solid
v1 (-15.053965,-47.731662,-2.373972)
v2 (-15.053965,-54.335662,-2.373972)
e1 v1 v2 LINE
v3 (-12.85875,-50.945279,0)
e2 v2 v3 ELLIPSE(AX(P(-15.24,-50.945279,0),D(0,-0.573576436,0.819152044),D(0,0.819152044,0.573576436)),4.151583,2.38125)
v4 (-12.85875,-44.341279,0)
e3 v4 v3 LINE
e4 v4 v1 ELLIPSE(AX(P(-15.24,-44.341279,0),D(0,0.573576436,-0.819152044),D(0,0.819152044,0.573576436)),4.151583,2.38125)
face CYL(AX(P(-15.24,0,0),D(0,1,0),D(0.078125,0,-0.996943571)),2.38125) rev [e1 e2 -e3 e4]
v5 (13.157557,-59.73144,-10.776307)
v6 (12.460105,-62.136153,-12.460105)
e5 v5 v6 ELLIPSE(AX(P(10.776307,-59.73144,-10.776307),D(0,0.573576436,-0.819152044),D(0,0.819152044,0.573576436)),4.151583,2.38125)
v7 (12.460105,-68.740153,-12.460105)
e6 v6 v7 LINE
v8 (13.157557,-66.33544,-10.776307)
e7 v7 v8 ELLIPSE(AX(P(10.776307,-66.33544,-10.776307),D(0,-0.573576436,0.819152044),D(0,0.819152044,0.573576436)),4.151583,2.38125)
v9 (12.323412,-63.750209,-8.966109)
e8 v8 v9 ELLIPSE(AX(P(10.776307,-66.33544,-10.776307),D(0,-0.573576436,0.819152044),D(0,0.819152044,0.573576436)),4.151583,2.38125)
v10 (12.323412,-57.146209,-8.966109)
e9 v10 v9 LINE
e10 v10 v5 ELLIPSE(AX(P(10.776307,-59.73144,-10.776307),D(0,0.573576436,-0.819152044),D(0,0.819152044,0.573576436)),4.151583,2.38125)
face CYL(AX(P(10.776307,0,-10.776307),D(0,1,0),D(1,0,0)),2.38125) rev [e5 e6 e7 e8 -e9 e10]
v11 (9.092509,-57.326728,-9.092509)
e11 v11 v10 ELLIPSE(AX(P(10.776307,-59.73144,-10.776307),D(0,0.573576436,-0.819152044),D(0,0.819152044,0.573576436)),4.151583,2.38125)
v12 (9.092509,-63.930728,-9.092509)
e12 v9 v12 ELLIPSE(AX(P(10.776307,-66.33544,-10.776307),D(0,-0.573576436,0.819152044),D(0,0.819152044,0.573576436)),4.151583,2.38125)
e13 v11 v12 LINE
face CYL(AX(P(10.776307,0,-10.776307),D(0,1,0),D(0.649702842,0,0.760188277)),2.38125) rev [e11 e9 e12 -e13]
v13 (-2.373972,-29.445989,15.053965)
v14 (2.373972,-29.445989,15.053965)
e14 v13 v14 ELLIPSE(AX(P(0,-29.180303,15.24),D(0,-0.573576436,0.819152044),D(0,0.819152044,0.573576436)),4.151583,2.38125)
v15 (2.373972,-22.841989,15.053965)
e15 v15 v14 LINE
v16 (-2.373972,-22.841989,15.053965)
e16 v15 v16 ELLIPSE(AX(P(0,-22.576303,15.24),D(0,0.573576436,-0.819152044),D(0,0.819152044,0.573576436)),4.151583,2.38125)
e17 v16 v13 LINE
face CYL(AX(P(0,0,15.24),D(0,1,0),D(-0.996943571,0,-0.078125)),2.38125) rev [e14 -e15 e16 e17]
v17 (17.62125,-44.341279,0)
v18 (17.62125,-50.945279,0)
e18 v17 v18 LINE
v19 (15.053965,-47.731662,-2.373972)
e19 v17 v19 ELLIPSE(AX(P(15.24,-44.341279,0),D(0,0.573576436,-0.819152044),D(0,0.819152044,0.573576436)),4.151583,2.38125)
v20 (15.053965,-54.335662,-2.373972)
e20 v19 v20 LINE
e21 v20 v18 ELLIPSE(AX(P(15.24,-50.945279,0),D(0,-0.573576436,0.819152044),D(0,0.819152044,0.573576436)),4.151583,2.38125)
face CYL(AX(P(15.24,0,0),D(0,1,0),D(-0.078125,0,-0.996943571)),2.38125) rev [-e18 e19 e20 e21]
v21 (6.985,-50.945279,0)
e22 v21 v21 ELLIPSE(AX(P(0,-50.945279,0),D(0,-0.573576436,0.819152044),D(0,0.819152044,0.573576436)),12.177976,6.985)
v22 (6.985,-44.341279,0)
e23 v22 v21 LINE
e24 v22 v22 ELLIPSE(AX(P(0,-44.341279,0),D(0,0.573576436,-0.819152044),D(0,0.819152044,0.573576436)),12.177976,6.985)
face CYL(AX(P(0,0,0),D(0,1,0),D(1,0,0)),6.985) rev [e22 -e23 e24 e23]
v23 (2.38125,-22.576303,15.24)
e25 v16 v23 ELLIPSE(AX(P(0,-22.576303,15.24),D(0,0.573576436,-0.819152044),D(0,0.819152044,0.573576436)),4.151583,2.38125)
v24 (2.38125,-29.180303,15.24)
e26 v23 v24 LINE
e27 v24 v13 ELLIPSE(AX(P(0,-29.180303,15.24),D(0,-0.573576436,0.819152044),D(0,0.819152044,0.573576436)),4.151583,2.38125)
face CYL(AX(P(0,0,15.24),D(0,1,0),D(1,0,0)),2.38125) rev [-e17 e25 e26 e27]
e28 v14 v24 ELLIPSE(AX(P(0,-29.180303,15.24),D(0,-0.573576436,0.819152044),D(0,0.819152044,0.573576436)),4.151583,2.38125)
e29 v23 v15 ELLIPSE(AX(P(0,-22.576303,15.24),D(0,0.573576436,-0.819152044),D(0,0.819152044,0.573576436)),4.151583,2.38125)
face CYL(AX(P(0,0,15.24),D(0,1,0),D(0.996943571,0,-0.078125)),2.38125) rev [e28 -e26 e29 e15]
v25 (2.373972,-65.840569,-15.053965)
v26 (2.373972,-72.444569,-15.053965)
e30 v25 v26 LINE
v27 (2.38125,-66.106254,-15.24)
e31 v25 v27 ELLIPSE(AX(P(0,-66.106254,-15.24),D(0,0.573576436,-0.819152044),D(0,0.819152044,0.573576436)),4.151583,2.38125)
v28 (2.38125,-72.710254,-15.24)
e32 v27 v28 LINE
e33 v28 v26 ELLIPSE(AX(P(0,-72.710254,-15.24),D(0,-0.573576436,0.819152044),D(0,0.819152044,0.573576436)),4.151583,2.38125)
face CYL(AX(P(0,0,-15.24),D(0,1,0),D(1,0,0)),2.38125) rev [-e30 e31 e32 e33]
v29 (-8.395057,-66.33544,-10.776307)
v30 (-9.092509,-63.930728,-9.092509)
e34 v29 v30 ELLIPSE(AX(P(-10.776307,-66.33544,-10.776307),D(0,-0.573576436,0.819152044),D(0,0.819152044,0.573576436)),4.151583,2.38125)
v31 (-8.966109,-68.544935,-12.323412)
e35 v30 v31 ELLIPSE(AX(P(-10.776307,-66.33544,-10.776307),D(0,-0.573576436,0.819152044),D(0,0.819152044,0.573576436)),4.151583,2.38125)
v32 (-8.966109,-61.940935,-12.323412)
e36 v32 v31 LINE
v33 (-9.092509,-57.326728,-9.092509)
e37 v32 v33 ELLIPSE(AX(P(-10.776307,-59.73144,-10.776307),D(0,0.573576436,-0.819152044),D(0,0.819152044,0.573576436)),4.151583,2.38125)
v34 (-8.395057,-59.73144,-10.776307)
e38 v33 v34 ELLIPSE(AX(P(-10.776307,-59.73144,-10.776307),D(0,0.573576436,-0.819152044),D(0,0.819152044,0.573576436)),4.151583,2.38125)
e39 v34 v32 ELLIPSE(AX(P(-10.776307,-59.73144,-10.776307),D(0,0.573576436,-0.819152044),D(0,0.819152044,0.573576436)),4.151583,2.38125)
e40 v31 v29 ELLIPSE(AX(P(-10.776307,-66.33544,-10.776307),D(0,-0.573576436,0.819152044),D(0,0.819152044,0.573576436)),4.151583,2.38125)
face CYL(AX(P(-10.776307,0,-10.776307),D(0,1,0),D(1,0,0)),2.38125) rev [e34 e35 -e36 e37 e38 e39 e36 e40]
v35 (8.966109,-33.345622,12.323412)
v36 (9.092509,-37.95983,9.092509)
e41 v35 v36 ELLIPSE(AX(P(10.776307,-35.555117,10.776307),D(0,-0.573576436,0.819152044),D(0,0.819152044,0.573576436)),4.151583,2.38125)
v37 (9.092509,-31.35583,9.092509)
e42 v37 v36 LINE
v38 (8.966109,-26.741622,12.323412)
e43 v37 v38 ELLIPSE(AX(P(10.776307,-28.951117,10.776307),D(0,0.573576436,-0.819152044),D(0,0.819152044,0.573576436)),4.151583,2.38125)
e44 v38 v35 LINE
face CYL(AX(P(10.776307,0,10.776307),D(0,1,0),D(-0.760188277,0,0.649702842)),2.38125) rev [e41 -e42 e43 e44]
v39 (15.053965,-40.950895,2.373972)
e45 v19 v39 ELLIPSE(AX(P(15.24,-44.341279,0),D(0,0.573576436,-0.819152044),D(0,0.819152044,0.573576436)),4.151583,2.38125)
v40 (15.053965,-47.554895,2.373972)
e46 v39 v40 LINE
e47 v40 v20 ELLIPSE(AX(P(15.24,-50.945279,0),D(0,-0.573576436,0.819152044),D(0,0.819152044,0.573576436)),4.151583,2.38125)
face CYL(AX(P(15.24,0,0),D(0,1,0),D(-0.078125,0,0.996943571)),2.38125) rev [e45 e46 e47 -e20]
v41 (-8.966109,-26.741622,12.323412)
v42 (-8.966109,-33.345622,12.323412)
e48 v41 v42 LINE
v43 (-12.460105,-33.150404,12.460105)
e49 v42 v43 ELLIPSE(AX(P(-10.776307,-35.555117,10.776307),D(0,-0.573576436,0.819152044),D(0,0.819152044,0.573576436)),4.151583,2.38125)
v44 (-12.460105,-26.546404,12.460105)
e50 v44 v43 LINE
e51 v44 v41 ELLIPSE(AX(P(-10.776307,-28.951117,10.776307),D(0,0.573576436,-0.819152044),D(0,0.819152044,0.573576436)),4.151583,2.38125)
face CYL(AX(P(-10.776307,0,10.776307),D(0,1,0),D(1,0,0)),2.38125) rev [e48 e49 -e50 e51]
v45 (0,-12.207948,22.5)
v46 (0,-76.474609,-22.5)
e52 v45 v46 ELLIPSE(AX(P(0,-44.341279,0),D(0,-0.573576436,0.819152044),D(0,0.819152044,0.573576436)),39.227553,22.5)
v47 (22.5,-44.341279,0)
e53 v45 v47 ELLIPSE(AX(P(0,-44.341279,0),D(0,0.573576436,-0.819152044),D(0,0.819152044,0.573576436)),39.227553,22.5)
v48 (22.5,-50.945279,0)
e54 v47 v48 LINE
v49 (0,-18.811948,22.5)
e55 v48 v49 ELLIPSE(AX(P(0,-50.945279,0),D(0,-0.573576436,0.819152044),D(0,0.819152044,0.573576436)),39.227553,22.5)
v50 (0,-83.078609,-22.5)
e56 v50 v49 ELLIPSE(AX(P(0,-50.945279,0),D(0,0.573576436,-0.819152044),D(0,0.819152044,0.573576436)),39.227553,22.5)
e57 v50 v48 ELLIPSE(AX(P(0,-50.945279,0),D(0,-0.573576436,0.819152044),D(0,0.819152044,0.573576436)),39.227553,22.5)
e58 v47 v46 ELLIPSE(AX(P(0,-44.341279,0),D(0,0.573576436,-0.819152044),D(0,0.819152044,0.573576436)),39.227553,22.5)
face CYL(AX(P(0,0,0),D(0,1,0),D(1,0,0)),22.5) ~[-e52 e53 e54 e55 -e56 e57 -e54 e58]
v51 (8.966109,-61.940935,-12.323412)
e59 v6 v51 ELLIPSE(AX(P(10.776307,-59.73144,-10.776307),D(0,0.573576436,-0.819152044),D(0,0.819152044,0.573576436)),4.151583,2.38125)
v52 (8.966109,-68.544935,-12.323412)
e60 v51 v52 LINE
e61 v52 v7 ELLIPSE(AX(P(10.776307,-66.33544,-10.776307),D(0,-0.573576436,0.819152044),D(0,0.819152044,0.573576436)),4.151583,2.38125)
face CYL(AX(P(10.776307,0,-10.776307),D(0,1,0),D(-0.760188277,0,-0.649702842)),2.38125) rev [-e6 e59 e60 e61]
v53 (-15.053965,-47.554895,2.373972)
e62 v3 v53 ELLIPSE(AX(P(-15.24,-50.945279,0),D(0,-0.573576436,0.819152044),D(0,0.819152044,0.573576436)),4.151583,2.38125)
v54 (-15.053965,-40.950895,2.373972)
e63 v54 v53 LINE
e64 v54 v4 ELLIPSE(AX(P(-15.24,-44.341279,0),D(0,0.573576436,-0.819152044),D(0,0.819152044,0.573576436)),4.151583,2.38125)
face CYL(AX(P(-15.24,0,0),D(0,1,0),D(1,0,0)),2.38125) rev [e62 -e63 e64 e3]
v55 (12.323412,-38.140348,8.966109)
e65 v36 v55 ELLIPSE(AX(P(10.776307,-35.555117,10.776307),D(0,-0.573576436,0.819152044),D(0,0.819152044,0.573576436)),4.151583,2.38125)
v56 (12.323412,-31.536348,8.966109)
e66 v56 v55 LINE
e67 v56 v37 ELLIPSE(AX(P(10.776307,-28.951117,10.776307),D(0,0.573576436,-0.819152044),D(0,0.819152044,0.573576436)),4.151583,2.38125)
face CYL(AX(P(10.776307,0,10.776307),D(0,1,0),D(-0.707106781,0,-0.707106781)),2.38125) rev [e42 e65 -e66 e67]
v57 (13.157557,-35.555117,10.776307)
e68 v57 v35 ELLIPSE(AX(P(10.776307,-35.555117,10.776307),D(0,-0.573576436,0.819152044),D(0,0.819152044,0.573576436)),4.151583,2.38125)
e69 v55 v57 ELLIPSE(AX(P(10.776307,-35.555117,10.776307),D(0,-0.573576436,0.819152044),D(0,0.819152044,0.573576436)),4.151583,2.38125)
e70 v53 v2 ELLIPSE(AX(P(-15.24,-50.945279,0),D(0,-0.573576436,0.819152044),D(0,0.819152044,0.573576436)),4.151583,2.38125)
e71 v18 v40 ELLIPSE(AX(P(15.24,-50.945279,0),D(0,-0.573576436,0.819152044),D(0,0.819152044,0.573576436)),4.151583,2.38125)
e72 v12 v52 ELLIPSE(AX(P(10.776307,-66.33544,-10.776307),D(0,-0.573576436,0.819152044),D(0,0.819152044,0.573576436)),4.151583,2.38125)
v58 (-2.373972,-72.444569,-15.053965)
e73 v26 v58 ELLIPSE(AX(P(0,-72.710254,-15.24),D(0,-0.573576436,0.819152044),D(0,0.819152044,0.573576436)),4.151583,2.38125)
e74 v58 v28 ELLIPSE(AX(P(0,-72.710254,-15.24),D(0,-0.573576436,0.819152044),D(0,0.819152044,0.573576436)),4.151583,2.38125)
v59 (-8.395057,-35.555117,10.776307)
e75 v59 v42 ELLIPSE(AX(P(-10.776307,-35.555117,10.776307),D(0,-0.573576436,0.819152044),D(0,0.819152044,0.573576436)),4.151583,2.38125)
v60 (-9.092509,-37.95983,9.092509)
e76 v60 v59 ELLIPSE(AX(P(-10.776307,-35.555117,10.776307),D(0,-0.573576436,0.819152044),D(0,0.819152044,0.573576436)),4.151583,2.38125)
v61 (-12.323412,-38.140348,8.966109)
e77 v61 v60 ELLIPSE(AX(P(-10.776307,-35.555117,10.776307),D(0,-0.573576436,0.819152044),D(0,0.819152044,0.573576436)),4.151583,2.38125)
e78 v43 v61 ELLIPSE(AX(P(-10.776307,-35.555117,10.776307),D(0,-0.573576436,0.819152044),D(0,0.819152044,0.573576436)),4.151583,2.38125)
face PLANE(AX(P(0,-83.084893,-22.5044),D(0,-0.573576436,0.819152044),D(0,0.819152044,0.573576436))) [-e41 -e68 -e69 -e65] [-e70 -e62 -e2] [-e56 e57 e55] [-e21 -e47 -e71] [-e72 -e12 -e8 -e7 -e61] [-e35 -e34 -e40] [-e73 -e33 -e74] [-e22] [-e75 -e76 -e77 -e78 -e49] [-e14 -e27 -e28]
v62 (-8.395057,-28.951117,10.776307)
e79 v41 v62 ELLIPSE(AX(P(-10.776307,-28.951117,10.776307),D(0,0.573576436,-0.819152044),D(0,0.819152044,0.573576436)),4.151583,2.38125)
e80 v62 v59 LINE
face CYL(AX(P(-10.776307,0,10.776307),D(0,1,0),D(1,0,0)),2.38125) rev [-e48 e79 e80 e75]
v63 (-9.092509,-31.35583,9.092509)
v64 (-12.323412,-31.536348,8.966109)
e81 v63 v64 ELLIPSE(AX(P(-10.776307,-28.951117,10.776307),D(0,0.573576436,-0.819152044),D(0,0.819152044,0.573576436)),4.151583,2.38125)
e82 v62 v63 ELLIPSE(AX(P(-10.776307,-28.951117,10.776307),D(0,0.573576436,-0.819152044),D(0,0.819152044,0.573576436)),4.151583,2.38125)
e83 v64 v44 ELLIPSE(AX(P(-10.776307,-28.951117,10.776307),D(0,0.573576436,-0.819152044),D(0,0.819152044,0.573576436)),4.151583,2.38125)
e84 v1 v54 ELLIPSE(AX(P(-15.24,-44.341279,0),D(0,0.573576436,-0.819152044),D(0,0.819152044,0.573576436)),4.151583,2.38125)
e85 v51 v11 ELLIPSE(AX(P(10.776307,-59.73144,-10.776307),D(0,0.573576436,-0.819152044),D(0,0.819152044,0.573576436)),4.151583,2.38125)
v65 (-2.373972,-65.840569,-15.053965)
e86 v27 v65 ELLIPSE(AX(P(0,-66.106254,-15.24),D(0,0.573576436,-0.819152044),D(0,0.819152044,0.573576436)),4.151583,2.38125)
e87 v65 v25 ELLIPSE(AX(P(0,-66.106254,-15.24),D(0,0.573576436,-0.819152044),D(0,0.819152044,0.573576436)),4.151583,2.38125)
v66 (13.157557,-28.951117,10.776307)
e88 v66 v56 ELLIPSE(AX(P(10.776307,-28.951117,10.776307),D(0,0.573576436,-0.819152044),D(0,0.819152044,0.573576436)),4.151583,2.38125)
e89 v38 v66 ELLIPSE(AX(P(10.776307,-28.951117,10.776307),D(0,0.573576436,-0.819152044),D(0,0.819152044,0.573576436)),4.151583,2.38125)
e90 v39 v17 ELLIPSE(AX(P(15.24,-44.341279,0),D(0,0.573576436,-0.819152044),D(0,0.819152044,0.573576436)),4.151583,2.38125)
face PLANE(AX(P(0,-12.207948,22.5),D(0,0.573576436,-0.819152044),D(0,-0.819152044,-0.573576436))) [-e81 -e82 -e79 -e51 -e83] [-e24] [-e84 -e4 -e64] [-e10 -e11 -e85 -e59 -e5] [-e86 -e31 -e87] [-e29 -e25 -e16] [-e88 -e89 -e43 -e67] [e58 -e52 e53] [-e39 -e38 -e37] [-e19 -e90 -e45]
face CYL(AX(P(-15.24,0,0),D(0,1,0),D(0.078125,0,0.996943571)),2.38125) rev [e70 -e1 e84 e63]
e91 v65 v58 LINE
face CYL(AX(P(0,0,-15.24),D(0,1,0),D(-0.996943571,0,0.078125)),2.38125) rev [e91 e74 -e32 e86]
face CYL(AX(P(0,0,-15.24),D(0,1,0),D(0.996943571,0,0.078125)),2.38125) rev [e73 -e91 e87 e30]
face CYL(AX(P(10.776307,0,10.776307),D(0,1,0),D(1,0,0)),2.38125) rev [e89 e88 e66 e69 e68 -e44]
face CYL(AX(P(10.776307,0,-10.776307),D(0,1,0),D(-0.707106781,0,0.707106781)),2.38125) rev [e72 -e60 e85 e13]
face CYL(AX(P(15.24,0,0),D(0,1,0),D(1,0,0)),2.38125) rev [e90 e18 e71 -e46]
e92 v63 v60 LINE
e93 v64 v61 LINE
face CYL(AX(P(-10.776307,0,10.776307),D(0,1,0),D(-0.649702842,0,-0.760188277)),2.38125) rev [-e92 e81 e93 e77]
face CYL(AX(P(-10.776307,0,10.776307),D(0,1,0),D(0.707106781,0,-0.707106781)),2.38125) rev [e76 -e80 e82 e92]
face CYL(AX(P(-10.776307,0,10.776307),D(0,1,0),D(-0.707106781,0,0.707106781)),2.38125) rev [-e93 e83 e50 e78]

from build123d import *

# Parameters (mm, degrees)
F0_R          = 22.5
F1_DEPTH      = 101.6
F3_DEPTH      = 22.501
F3_DEPTH_BACK = 22.501
F4_DEPTH      = 22.501
F4_DEPTH_BACK = 22.501
F6_DEPTH      = 83.079608795
F7_R          = 2.38125
F8_DEPTH      = 83.079608795
F9_R          = 2.38125
F9_R_2        = 6.985
F10_DEPTH     = 83.079608795


with BuildPart() as f1:
    # F0 (on Front) → F1 (new body)
    with BuildSketch(Plane.XZ):
        Circle(F0_R)
    extrude(amount=F1_DEPTH)

    # F2 (on Right) → F3 (cut, two sides)
    with BuildSketch(Plane.YZ) as f3_sk:
        Polygon((-106.5287748777, -38.457716324), (-83.0848926463, -22.5044), (-18.8056646404, 22.5044), (-103.6715880036, 26.2515861541), align=None)
    extrude(amount=-F3_DEPTH, mode=Mode.SUBTRACT)
    extrude(f3_sk.sketch, amount=F3_DEPTH_BACK, mode=Mode.SUBTRACT)

    # F2 (on Right) → F4 (cut, two sides)
    with BuildSketch(Plane.YZ) as f4_sk:
        Polygon((-12.2079484916, 22.5), (-76.4808926463, -22.5044), (27.3525305092, -35.9458737075), (27.3525305092, 27.8113950044), align=None)
    extrude(amount=-F4_DEPTH, mode=Mode.SUBTRACT)
    extrude(f4_sk.sketch, amount=F4_DEPTH_BACK, mode=Mode.SUBTRACT)

    # F5 (on Front) → F6 (cut, through all)
    with BuildSketch(Plane.XZ):
        with BuildLine():
            ThreePointArc((8.9661090106, -12.3234122389), (9.901471319, -11.5852693417), (10.7763073453, -10.7763073453))
            Line((10.7763073453, -10.7763073453), (9.0925093226, -9.0925093226))
            ThreePointArc((9.0925093226, -9.0925093226), (8.3968775712, -10.6832186102), (8.9661090106, -12.3234122389))
        make_face()
        with BuildLine():
            ThreePointArc((10.7763073453, -10.7763073453), (11.5852693417, -9.901471319), (12.3234122389, -8.9661090106))
            ThreePointArc((12.3234122389, -8.9661090106), (10.6832186102, -8.3968775712), (9.0925093226, -9.0925093226))
            Line((9.0925093226, -9.0925093226), (10.7763073453, -10.7763073453))
        make_face()
        with BuildLine():
            Line((12.460105368, -12.460105368), (10.7763073453, -10.7763073453))
            ThreePointArc((10.7763073453, -10.7763073453), (9.901471319, -11.5852693417), (8.9661090106, -12.3234122389))
            ThreePointArc((8.9661090106, -12.3234122389), (10.6832186102, -13.1557371194), (12.460105368, -12.460105368))
        make_face()
        with BuildLine():
            ThreePointArc((15.0539648438, -2.3739718792), (15.1934200268, -1.190625), (15.24, 0))
            ThreePointArc((15.24, 0), (15.1934200268, 1.190625), (15.0539648438, 2.3739718792))
            ThreePointArc((15.0539648438, 2.3739718792), (12.85875, 0), (15.0539648438, -2.3739718792))
        make_face()
        with BuildLine():
            ThreePointArc((15.0539648438, 2.3739718792), (15.1934200268, 1.190625), (15.24, 0))
            ThreePointArc((15.24, 0), (15.1934200268, -1.190625), (15.0539648438, -2.3739718792))
            ThreePointArc((15.0539648438, -2.3739718792), (16.8566872528, -1.7483346045), (17.62125, 0))
            ThreePointArc((17.62125, 0), (16.8566872528, 1.7483346045), (15.0539648438, 2.3739718792))
        make_face()
        with BuildLine():
            ThreePointArc((-2.3739718792, 15.0539648438), (0, 15.24), (2.3739718792, 15.0539648438))
            ThreePointArc((2.3739718792, 15.0539648437), (2.3794297741, 15.1469112649), (2.38125, 15.24))
            ThreePointArc((2.38125, 15.24), (-0.0930887351, 17.6194297741), (-2.3739718792, 15.0539648438))
        make_face()
        with BuildLine():
            ThreePointArc((-2.3739718792, 15.0539648438), (0, 12.85875), (2.3739718792, 15.0539648437))
            ThreePointArc((2.3739718792, 15.0539648438), (0, 15.24), (-2.3739718792, 15.0539648438))
        make_face()
        with BuildLine():
            ThreePointArc((2.38125, -15.24), (2.3794297741, -15.1469112649), (2.3739718792, -15.0539648437))
            ThreePointArc((2.3739718792, -15.0539648438), (0, -15.24), (-2.3739718792, -15.0539648438))
            ThreePointArc((-2.3739718792, -15.0539648438), (-0.0930887351, -17.6194297741), (2.38125, -15.24))
        make_face()
        with BuildLine():
            ThreePointArc((-12.3234122389, 8.9661090106), (-10.6832186102, 8.3968775712), (-9.0925093226, 9.0925093226))
            Line((-9.0925093226, 9.0925093226), (-10.7763073453, 10.7763073453))
            ThreePointArc((-10.7763073453, 10.7763073453), (-11.5852693417, 9.901471319), (-12.3234122389, 8.9661090106))
        make_face()
        with BuildLine():
            ThreePointArc((-12.3234122389, 8.9661090106), (-11.5852693417, 9.901471319), (-10.7763073453, 10.7763073453))
            Line((-10.7763073453, 10.7763073453), (-12.460105368, 12.460105368))
            ThreePointArc((-12.460105368, 12.460105368), (-13.1557371194, 10.6832186102), (-12.3234122389, 8.9661090106))
        make_face()
        with BuildLine():
            ThreePointArc((-8.3950573453, -10.7763073453), (-8.5763192085, -9.865042422), (-9.0925093226, -9.0925093226))
            Line((-9.0925093226, -9.0925093226), (-10.7763073453, -10.7763073453))
            ThreePointArc((-10.7763073453, -10.7763073453), (-9.901471319, -11.5852693417), (-8.9661090106, -12.3234122389))
            ThreePointArc((-8.9661090106, -12.3234122389), (-8.5423773613, -11.6008729213), (-8.3950573453, -10.7763073453))
        make_face()
        with BuildLine():
            ThreePointArc((-15.24, 0), (-15.1934200268, 1.190625), (-15.0539648438, 2.3739718792))
            ThreePointArc((-15.0539648438, 2.3739718792), (-17.62125, 0), (-15.0539648438, -2.3739718792))
            ThreePointArc((-15.0539648438, -2.3739718792), (-15.1934200268, -1.190625), (-15.24, 0))
        make_face()
        with BuildLine():
            ThreePointArc((9.0925093226, 9.0925093226), (10.6832186102, 8.3968775712), (12.3234122389, 8.9661090106))
            ThreePointArc((12.3234122389, 8.9661090106), (11.5852693417, 9.901471319), (10.7763073453, 10.7763073453))
            Line((10.7763073453, 10.7763073453), (9.0925093226, 9.0925093226))
        make_face()
        with BuildLine():
            ThreePointArc((-15.0539648438, -2.3739718792), (-13.4916653955, -1.6166872528), (-12.85875, 0))
            Line((-12.85875, 0), (-15.24, 0))
            ThreePointArc((-15.24, 0), (-15.1934200268, -1.190625), (-15.0539648438, -2.3739718792))
        make_face()
        with BuildLine():
            Line((-15.24, 0), (-12.85875, 0))
            ThreePointArc((-12.85875, 0), (-13.4916653955, 1.6166872528), (-15.0539648438, 2.3739718792))
            ThreePointArc((-15.0539648438, 2.3739718792), (-15.1934200268, 1.190625), (-15.24, 0))
        make_face()
        with BuildLine():
            Line((-10.7763073453, 10.7763073453), (-9.0925093226, 9.0925093226))
            ThreePointArc((-9.0925093226, 9.0925093226), (-8.5763192085, 9.865042422), (-8.3950573453, 10.7763073453))
            ThreePointArc((-8.3950573453, 10.7763073453), (-8.5423773613, 11.6008729213), (-8.9661090106, 12.3234122389))
            ThreePointArc((-8.9661090106, 12.3234122389), (-9.901471319, 11.5852693417), (-10.7763073453, 10.7763073453))
        make_face()
        with BuildLine():
            Line((9.0925093226, 9.0925093226), (10.7763073453, 10.7763073453))
            ThreePointArc((10.7763073453, 10.7763073453), (9.901471319, 11.5852693417), (8.9661090106, 12.3234122389))
            ThreePointArc((8.9661090106, 12.3234122389), (8.3968775712, 10.6832186102), (9.0925093226, 9.0925093226))
        make_face()
        with BuildLine():
            ThreePointArc((-2.3739718792, -15.0539648438), (0, -15.24), (2.3739718792, -15.0539648438))
            ThreePointArc((2.3739718792, -15.0539648437), (0, -12.85875), (-2.3739718792, -15.0539648438))
        make_face()
    extrude(amount=F6_DEPTH, mode=Mode.SUBTRACT)

    # F7 (on Front) → F8 (cut, through all)
    with BuildSketch(Plane.XZ):
        with Locations((10.7763073453, 10.7763073453)):
            Circle(F7_R)
    extrude(amount=F8_DEPTH, mode=Mode.SUBTRACT)

    # F9 (on Front) → F10 (cut, through all)
    with BuildSketch(Plane.XZ):
        with Locations((10.7763073453, -10.7763073453)):
            Circle(F9_R)
        with Locations((-10.7763073453, -10.7763073453)):
            Circle(F9_R)
        with Locations((-10.7763073453, 10.7763073453)):
            Circle(F9_R)
        Circle(F9_R_2)
    extrude(amount=F10_DEPTH, mode=Mode.SUBTRACT)


solid = f1.part
